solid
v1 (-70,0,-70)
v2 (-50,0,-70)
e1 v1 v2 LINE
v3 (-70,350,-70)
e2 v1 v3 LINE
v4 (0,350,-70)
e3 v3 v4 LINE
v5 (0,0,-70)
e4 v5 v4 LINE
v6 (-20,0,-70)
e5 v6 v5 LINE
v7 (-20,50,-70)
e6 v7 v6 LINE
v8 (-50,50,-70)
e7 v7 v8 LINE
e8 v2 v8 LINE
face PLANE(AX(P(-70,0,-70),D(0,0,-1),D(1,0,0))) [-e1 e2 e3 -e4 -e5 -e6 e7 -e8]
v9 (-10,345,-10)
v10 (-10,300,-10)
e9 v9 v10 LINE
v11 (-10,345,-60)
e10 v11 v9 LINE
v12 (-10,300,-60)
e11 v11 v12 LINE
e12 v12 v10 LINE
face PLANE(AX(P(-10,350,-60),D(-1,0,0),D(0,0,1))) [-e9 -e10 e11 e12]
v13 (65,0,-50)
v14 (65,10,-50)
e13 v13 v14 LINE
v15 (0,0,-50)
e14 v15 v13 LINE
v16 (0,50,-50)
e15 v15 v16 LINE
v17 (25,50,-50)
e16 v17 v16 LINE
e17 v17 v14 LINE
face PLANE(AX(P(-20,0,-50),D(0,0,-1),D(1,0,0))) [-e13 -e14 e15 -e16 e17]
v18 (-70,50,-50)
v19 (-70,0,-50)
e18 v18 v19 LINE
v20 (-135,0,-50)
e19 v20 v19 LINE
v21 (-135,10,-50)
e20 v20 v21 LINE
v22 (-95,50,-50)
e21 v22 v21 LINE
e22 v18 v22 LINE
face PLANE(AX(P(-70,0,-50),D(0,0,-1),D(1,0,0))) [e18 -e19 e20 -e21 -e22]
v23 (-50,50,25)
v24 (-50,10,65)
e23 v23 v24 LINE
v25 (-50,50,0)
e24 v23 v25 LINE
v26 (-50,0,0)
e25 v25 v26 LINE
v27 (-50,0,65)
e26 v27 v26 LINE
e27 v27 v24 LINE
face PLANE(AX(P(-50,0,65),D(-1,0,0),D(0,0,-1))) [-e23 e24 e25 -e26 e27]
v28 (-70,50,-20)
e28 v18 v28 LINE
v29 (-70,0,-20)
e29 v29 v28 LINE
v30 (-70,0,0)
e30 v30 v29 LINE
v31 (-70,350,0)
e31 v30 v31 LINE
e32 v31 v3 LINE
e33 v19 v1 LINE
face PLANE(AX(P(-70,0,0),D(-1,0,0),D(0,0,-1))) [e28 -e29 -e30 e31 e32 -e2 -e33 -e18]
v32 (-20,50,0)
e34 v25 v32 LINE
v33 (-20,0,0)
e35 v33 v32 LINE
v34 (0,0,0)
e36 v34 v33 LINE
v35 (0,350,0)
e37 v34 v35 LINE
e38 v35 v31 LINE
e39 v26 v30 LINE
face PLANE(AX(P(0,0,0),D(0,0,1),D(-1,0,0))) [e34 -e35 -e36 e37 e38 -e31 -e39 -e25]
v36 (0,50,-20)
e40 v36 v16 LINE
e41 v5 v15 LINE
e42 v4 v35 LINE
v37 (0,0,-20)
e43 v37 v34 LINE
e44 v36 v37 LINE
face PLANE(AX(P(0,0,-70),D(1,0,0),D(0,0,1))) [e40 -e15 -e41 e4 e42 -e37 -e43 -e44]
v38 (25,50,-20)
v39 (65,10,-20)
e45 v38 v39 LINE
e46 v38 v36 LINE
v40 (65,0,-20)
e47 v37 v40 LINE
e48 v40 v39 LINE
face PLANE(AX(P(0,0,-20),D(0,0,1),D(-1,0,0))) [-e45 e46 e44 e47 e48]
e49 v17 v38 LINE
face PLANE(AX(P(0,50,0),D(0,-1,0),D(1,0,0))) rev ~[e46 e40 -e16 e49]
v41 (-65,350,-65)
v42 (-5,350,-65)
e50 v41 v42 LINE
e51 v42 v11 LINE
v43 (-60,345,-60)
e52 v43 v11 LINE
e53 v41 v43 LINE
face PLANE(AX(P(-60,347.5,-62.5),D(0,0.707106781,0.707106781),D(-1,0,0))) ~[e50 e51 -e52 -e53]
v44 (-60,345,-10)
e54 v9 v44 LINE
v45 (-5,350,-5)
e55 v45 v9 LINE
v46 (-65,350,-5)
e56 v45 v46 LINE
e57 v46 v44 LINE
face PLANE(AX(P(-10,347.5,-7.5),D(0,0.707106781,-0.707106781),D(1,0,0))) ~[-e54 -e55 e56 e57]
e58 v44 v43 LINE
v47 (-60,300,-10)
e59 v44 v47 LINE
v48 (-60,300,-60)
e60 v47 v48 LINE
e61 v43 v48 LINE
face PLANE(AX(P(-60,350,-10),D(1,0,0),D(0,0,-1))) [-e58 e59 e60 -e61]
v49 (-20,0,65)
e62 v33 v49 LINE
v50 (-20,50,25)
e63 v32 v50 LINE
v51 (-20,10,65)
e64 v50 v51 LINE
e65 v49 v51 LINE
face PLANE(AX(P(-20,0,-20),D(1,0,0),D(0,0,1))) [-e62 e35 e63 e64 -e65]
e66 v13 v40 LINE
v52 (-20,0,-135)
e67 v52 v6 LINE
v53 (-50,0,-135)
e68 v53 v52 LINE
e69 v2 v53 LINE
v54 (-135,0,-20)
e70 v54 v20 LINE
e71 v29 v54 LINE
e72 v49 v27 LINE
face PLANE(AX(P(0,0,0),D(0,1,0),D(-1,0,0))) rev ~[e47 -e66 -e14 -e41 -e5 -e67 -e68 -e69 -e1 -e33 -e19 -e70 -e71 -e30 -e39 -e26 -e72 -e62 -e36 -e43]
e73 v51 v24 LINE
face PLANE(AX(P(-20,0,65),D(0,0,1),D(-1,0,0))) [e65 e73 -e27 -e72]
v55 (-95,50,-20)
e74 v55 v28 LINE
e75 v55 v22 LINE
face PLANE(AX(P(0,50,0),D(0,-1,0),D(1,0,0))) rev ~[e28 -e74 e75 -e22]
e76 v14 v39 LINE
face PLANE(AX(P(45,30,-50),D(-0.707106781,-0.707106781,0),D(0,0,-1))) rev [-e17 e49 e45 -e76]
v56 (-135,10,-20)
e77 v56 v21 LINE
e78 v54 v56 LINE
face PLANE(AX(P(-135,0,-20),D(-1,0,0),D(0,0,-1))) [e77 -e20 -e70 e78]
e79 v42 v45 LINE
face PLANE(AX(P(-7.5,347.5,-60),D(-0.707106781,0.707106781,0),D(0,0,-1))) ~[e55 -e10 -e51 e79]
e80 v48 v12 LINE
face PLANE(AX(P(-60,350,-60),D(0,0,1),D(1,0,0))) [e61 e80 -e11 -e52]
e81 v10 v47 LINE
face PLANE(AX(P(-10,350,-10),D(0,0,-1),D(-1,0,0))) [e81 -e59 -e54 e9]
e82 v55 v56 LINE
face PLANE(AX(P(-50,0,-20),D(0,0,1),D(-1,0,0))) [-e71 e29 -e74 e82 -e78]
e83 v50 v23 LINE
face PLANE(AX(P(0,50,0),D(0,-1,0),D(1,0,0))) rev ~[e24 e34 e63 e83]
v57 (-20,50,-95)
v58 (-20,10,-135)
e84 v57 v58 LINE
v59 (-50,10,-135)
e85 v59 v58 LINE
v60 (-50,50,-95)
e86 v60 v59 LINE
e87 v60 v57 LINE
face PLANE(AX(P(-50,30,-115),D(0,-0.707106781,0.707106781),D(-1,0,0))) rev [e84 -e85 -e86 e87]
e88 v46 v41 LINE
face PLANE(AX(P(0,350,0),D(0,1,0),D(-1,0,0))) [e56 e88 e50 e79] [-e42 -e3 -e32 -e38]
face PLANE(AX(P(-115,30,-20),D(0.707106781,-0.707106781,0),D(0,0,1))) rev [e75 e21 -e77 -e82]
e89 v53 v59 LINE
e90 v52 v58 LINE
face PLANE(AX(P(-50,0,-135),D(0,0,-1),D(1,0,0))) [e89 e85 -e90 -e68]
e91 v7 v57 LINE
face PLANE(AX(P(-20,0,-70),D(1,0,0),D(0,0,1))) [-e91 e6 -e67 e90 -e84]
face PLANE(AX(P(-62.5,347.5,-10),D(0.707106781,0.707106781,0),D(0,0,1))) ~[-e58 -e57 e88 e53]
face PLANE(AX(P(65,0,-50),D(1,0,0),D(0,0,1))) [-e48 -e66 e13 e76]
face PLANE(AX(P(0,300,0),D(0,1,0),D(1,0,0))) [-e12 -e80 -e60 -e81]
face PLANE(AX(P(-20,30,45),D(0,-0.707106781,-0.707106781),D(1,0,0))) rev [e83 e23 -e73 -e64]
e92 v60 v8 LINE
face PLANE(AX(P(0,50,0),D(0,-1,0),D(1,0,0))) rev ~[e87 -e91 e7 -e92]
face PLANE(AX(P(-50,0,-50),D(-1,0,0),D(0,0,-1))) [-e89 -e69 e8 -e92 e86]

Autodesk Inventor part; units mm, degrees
ref_plane "YZ Plane" through (0, 0, 0) normal (1, 0, 0) x (0, 1, 0)
ref_plane "XZ Plane" through (0, 0, 0) normal (0, 1, 0) x (-1, 0, 0)
ref_plane "XY Plane" through (0, 0, 0) normal (0, 0, 1) x (1, 0, 0)
sketch "Sketch1" plane through (0, 0, 0) normal (0, 1, 0) x (-1, 0, 0)
  line L0 (0, 0) -> (70, 0)
  line L1 (70, 0) -> (70, -70)
  line L2 (70, -70) -> (0, -70)
  line L3 (0, -70) -> (0, 0)
  dimension "d0" = 70
  dimension "d1" = 70
extrude "Extrusion1" add sketch "Sketch1" along normal blind 350
sketch "Sketch2" plane through (0, 350, 0) normal (0, 1, 0) x (1, 0, 0)
  line L0 (-10, 10) -> (-60, 10)
  line L1 (-60, 10) -> (-60, 60)
  line L2 (-60, 60) -> (-10, 60)
  line L3 (-10, 60) -> (-10, 10)
  line L4 (-70, 0) -> (0, 0) projected
  line L5 (0, 0) -> (0, 70) projected
  dimension "d4" = 50
  dimension "d5" = 50
  dimension "d6" = 10
  dimension "d7" = 10
extrude "Extrusion2" cut sketch "Sketch2" against normal blind 50
chamfer "Chamfer1" distance 5 angle 45 4 edges at (-60, 350, -35) (-35, 350, -60) (-10, 350, -35) (-35, 350, -10)
sketch "Sketch3" plane through (0, 0, 0) normal (0, -1, 0) x (1, 0, 0)
  line L0 (-20, 65) -> (-50, 65)
  line L1 (-50, 65) -> (-50, -135)
  line L2 (-50, -135) -> (-20, -135)
  line L3 (-20, -135) -> (-20, 65)
  line L4 (65, -20) -> (-135, -20)
  line L5 (-135, -20) -> (-135, -50)
  line L6 (-135, -50) -> (65, -50)
  line L7 (65, -50) -> (65, -20)
  line L8 (0, 0) -> (0, -70) projected
  line L9 (0, -70) -> (-70, -70) projected
  line L10 (-70, -70) -> (-70, 0) projected
  point P0 (-50, -50)
  point P1 (-20, -50)
  point P2 (-20, -20)
  point P3 (-50, -20)
  dimension "d14" = 200
  dimension "d15" = 200
  dimension "d16" = 20
  dimension "d17" = 30
  dimension "d18" = 30
  dimension "d19" = 20
  dimension "d20" = 65
  dimension "d21" = 65
extrude "Extrusion3" add sketch "Sketch3" against normal blind 50 contours L3 L4 L1 L0 | L4 L8 L6 L3 | L3 L6 L1 L4 | L1 L6 L10 L4 | L3 L9 L1 L6 | L4 L7 L6 L8 | L10 L6 L5 L4 | L3 L2 L1 L9
chamfer "Chamfer2" distance 40 angle 45 4 edges at (-35, 50, 65) (-135, 50, -35) (-35, 50, -135) (65, 50, -35)
properties part number "FlipperStand"
